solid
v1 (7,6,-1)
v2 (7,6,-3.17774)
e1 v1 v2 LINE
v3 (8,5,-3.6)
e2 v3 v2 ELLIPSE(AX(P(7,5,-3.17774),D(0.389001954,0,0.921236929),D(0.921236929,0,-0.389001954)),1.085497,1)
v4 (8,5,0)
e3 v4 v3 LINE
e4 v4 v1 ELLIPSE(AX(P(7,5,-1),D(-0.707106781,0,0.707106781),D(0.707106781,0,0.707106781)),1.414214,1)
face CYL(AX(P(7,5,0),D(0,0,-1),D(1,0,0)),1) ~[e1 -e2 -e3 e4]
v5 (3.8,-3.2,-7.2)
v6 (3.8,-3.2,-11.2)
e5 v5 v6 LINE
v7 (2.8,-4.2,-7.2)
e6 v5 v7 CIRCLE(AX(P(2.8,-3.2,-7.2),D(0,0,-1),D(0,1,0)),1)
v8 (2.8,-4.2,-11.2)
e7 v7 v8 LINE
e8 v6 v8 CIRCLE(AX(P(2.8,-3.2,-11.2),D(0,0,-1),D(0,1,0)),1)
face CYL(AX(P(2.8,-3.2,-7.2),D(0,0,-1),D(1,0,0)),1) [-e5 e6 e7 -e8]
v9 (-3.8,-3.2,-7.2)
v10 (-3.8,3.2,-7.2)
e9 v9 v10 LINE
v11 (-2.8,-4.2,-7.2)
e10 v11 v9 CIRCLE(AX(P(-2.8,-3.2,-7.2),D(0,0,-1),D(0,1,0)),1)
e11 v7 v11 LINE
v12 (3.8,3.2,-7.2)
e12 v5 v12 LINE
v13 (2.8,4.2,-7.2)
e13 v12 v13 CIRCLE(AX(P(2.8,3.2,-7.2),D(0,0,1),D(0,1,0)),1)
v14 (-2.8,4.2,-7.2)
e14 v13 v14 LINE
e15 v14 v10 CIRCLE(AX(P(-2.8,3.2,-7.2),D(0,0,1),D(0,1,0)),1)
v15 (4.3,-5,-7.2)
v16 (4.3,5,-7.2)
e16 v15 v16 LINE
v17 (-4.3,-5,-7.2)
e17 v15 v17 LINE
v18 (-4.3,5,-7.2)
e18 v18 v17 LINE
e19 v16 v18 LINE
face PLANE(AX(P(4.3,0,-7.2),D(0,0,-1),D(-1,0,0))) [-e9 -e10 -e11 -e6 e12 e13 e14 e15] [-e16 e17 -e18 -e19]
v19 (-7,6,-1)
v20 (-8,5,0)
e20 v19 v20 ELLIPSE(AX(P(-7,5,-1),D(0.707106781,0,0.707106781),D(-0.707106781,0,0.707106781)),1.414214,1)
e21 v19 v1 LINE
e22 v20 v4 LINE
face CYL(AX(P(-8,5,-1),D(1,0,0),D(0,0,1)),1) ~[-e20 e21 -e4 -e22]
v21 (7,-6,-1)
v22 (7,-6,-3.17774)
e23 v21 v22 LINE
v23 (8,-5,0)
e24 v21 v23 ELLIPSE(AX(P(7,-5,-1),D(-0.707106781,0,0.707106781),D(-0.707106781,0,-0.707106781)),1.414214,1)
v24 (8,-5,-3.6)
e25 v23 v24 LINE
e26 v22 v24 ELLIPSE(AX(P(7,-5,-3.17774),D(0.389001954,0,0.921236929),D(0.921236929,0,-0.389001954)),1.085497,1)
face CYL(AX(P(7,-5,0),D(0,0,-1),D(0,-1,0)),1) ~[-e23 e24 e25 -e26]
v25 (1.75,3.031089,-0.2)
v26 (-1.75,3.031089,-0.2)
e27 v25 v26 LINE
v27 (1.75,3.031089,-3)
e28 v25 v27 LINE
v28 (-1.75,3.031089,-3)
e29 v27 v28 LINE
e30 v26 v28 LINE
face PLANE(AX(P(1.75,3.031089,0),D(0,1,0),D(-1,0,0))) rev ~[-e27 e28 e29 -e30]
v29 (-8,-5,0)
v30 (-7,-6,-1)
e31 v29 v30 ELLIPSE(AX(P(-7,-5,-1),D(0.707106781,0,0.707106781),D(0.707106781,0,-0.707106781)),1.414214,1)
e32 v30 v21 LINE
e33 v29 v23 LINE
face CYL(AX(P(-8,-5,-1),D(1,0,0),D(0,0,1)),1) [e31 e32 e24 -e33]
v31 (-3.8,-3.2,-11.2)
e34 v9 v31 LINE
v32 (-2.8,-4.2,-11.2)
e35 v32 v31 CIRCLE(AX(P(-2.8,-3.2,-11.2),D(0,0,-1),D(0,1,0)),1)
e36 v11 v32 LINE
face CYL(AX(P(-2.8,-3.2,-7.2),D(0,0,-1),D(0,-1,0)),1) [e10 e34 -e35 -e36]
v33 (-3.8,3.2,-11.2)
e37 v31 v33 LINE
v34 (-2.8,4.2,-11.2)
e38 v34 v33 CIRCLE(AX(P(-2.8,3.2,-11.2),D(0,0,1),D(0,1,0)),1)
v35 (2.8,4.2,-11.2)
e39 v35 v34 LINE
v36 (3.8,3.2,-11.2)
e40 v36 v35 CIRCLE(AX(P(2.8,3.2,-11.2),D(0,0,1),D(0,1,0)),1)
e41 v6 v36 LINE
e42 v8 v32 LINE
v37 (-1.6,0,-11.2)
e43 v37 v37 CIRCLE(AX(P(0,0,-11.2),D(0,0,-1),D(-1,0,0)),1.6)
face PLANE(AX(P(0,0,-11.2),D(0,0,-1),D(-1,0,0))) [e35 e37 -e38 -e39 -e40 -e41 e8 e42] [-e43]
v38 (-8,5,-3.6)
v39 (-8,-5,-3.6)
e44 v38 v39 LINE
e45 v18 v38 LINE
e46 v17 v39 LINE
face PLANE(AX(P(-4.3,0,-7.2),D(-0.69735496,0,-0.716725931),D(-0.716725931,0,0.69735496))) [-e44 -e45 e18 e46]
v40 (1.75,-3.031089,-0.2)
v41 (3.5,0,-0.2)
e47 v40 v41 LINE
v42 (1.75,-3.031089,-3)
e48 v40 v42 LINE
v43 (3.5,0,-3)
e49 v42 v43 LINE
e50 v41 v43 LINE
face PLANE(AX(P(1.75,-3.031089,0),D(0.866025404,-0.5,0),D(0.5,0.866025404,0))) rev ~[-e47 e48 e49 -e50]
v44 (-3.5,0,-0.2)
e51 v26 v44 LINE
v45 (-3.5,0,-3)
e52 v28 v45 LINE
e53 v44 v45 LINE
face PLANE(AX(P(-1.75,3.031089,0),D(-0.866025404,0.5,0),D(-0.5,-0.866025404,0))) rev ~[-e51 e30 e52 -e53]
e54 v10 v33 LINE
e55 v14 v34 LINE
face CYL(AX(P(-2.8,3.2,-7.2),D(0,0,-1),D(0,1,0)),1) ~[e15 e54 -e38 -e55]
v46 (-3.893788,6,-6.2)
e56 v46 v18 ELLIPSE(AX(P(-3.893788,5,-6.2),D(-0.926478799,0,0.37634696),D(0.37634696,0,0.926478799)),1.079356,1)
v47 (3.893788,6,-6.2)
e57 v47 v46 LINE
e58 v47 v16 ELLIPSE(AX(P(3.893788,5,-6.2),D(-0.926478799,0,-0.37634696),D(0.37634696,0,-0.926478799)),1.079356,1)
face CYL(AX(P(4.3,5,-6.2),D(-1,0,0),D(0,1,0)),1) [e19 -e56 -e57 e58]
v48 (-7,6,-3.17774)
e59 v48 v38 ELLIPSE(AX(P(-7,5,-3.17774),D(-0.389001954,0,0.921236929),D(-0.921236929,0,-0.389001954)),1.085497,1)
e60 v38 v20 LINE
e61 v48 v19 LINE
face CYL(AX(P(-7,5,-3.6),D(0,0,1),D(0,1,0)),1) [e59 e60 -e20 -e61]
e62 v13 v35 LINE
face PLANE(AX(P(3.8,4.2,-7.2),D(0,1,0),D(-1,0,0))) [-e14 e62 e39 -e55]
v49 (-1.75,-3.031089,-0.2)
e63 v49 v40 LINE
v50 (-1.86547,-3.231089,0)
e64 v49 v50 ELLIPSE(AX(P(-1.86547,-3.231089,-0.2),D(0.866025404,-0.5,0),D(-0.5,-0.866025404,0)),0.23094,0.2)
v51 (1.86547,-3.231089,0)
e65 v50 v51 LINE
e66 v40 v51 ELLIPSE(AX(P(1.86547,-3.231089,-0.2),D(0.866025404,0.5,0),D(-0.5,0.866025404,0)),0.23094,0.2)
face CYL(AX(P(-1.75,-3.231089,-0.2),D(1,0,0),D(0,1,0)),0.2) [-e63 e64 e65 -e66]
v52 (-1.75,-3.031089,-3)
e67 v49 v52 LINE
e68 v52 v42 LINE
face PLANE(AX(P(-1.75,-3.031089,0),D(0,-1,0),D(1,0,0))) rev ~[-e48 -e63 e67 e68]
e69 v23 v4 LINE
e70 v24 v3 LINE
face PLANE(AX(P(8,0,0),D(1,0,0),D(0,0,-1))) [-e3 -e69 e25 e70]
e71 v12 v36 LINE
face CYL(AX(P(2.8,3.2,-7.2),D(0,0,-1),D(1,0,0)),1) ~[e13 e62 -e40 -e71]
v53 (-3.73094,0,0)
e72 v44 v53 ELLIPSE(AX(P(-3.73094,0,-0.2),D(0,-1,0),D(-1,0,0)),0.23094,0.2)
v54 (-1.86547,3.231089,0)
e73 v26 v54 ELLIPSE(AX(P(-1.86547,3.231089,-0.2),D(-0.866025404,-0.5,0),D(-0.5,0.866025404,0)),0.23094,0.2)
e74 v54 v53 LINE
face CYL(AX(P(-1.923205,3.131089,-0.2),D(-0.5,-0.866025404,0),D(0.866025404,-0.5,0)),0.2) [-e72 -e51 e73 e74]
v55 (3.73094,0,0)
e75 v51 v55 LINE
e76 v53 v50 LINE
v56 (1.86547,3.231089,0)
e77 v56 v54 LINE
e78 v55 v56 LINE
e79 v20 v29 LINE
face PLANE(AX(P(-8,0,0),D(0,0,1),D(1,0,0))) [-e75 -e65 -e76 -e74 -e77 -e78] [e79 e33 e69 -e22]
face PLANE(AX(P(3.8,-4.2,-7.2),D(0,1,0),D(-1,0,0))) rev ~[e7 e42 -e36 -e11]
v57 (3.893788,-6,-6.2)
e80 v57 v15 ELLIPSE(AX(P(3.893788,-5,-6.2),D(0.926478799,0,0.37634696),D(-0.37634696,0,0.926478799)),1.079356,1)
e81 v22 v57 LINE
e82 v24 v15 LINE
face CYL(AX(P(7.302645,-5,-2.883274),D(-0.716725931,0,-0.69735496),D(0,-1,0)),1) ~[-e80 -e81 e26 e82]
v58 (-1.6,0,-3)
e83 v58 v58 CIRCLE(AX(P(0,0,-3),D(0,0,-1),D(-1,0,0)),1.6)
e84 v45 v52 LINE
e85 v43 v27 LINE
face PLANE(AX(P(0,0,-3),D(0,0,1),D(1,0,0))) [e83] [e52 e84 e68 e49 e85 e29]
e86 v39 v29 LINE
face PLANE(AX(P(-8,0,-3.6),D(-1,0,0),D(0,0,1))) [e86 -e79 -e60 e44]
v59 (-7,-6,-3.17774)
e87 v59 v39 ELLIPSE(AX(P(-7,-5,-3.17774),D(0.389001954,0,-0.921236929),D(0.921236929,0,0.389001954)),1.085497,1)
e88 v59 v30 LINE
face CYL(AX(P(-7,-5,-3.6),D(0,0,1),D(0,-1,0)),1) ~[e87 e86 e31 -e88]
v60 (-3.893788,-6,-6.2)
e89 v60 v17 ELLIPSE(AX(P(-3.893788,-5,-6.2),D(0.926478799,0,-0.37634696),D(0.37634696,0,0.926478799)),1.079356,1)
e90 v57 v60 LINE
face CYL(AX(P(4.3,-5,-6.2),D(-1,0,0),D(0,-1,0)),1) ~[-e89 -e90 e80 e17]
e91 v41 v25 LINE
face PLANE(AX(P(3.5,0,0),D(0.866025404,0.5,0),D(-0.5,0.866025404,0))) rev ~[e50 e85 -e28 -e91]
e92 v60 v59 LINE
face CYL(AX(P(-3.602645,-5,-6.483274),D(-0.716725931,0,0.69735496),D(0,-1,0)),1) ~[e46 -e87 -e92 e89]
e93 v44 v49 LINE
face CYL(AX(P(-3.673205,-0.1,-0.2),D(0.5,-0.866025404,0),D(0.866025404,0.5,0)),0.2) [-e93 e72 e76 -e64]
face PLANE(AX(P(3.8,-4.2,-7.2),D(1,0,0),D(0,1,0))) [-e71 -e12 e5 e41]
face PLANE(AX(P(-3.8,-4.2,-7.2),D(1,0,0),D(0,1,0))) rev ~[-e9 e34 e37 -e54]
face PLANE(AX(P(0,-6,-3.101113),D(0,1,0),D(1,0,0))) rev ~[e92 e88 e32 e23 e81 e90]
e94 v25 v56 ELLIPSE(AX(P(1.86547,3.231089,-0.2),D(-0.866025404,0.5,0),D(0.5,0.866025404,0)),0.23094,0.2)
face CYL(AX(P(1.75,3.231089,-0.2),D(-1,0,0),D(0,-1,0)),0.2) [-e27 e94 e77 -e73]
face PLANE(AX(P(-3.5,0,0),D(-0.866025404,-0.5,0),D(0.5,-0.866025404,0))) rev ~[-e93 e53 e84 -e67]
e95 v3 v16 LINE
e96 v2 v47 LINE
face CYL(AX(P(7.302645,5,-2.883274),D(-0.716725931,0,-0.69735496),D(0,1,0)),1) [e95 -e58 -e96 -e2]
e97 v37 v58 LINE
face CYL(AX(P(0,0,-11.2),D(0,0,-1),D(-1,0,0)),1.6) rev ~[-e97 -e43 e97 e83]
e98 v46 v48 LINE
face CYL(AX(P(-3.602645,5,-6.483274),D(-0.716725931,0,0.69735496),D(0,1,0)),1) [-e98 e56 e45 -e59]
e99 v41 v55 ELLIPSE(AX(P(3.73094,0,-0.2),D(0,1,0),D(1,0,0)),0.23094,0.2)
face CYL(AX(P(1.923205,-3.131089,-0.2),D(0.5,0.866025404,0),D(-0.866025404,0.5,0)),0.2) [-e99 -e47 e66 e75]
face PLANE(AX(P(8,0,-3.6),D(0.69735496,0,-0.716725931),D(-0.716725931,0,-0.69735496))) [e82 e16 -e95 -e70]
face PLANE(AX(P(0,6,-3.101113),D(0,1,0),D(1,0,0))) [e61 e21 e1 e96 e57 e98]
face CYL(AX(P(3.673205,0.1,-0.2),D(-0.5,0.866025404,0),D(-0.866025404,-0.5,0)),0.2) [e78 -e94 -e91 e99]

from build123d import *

# Parameters (mm, degrees)
BOSS_EXTRUDE1_DEPTH = 6
SKETCH2_W           = 7.6
SKETCH2_H           = 8.4
BOSS_EXTRUDE2_DEPTH = 4
FILLET1_R           = 1
SKETCH3_R           = 1.6
CUT_EXTRUDE1_DEPTH  = 12.2
FILLET2_R           = 1
CUT_EXTRUDE2_DEPTH  = 3
FILLET3_R           = 0.2


with BuildPart() as part:
    # Sketch1 → Boss-Extrude1 (new body, symmetric)
    with BuildSketch(Plane(origin=(0, 0, 0), x_dir=(1, 0, 0), z_dir=(0, 1, 0))):
        Polygon((-8, 0), (8, 0), (8, 3.6), (4.3, 7.2), (-4.3, 7.2), (-8, 3.6), align=None)
    extrude(amount=BOSS_EXTRUDE1_DEPTH, both=True)

    # Sketch2 → Boss-Extrude2 (add)
    with BuildSketch(Plane(origin=(0, 0, -7.2), x_dir=(-1, 0, 0), z_dir=(0, 0, -1))):
        Rectangle(SKETCH2_W, SKETCH2_H)
    extrude(amount=BOSS_EXTRUDE2_DEPTH)

    # Fillet1
    fillet1_edges = [part.edges().sort_by_distance(p)[0] for p in [
        (-6.15, 6, -5.4),
        (-8, 6, -1.8),
        (0, 6, 0),
        (8, 6, -1.8),
        (6.15, 6, -5.4),
        (8, -6, -1.8),
        (0, -6, 0),
        (-8, -6, -1.8),
        (-6.15, -6, -5.4),
        (0, -6, -7.2),
        (6.15, -6, -5.4),
        (0, 6, -7.2),
    ]]
    fillet(fillet1_edges, radius=FILLET1_R)

    # Sketch3 → Cut-Extrude1 (cut, through all)
    with BuildSketch(Plane(origin=(0, 0, -11.2), x_dir=(-1, 0, 0), z_dir=(0, 0, -1))):
        Circle(SKETCH3_R)
    extrude(amount=-CUT_EXTRUDE1_DEPTH, mode=Mode.SUBTRACT)

    # Fillet2
    fillet2_edges = [part.edges().sort_by_distance(p)[0] for p in [
        (-3.8, -4.2, -9.2),
        (-3.8, 4.2, -9.2),
        (3.8, 4.2, -9.2),
        (3.8, -4.2, -9.2),
    ]]
    fillet(fillet2_edges, radius=FILLET2_R)

    # Sketch4 → Cut-Extrude2 (cut)
    with BuildSketch(Plane.XY):
        Polygon((3.5, 0), (1.75, 3.031088913), (-1.75, 3.031088913), (-3.5, 0), (-1.75, -3.031088913), (1.75, -3.031088913), align=None)
    extrude(amount=-CUT_EXTRUDE2_DEPTH, mode=Mode.SUBTRACT)

    # Fillet3
    fillet3_edges = [part.edges().sort_by_distance(p)[0] for p in [
        (2.625, -1.515544457, 0),
        (2.625, 1.515544457, 0),
        (0, 3.031088913, 0),
        (-2.625, 1.515544457, 0),
        (-2.625, -1.515544457, 0),
        (0, -3.031088913, 0),
    ]]
    fillet(fillet3_edges, radius=FILLET3_R)


solid = part.part
